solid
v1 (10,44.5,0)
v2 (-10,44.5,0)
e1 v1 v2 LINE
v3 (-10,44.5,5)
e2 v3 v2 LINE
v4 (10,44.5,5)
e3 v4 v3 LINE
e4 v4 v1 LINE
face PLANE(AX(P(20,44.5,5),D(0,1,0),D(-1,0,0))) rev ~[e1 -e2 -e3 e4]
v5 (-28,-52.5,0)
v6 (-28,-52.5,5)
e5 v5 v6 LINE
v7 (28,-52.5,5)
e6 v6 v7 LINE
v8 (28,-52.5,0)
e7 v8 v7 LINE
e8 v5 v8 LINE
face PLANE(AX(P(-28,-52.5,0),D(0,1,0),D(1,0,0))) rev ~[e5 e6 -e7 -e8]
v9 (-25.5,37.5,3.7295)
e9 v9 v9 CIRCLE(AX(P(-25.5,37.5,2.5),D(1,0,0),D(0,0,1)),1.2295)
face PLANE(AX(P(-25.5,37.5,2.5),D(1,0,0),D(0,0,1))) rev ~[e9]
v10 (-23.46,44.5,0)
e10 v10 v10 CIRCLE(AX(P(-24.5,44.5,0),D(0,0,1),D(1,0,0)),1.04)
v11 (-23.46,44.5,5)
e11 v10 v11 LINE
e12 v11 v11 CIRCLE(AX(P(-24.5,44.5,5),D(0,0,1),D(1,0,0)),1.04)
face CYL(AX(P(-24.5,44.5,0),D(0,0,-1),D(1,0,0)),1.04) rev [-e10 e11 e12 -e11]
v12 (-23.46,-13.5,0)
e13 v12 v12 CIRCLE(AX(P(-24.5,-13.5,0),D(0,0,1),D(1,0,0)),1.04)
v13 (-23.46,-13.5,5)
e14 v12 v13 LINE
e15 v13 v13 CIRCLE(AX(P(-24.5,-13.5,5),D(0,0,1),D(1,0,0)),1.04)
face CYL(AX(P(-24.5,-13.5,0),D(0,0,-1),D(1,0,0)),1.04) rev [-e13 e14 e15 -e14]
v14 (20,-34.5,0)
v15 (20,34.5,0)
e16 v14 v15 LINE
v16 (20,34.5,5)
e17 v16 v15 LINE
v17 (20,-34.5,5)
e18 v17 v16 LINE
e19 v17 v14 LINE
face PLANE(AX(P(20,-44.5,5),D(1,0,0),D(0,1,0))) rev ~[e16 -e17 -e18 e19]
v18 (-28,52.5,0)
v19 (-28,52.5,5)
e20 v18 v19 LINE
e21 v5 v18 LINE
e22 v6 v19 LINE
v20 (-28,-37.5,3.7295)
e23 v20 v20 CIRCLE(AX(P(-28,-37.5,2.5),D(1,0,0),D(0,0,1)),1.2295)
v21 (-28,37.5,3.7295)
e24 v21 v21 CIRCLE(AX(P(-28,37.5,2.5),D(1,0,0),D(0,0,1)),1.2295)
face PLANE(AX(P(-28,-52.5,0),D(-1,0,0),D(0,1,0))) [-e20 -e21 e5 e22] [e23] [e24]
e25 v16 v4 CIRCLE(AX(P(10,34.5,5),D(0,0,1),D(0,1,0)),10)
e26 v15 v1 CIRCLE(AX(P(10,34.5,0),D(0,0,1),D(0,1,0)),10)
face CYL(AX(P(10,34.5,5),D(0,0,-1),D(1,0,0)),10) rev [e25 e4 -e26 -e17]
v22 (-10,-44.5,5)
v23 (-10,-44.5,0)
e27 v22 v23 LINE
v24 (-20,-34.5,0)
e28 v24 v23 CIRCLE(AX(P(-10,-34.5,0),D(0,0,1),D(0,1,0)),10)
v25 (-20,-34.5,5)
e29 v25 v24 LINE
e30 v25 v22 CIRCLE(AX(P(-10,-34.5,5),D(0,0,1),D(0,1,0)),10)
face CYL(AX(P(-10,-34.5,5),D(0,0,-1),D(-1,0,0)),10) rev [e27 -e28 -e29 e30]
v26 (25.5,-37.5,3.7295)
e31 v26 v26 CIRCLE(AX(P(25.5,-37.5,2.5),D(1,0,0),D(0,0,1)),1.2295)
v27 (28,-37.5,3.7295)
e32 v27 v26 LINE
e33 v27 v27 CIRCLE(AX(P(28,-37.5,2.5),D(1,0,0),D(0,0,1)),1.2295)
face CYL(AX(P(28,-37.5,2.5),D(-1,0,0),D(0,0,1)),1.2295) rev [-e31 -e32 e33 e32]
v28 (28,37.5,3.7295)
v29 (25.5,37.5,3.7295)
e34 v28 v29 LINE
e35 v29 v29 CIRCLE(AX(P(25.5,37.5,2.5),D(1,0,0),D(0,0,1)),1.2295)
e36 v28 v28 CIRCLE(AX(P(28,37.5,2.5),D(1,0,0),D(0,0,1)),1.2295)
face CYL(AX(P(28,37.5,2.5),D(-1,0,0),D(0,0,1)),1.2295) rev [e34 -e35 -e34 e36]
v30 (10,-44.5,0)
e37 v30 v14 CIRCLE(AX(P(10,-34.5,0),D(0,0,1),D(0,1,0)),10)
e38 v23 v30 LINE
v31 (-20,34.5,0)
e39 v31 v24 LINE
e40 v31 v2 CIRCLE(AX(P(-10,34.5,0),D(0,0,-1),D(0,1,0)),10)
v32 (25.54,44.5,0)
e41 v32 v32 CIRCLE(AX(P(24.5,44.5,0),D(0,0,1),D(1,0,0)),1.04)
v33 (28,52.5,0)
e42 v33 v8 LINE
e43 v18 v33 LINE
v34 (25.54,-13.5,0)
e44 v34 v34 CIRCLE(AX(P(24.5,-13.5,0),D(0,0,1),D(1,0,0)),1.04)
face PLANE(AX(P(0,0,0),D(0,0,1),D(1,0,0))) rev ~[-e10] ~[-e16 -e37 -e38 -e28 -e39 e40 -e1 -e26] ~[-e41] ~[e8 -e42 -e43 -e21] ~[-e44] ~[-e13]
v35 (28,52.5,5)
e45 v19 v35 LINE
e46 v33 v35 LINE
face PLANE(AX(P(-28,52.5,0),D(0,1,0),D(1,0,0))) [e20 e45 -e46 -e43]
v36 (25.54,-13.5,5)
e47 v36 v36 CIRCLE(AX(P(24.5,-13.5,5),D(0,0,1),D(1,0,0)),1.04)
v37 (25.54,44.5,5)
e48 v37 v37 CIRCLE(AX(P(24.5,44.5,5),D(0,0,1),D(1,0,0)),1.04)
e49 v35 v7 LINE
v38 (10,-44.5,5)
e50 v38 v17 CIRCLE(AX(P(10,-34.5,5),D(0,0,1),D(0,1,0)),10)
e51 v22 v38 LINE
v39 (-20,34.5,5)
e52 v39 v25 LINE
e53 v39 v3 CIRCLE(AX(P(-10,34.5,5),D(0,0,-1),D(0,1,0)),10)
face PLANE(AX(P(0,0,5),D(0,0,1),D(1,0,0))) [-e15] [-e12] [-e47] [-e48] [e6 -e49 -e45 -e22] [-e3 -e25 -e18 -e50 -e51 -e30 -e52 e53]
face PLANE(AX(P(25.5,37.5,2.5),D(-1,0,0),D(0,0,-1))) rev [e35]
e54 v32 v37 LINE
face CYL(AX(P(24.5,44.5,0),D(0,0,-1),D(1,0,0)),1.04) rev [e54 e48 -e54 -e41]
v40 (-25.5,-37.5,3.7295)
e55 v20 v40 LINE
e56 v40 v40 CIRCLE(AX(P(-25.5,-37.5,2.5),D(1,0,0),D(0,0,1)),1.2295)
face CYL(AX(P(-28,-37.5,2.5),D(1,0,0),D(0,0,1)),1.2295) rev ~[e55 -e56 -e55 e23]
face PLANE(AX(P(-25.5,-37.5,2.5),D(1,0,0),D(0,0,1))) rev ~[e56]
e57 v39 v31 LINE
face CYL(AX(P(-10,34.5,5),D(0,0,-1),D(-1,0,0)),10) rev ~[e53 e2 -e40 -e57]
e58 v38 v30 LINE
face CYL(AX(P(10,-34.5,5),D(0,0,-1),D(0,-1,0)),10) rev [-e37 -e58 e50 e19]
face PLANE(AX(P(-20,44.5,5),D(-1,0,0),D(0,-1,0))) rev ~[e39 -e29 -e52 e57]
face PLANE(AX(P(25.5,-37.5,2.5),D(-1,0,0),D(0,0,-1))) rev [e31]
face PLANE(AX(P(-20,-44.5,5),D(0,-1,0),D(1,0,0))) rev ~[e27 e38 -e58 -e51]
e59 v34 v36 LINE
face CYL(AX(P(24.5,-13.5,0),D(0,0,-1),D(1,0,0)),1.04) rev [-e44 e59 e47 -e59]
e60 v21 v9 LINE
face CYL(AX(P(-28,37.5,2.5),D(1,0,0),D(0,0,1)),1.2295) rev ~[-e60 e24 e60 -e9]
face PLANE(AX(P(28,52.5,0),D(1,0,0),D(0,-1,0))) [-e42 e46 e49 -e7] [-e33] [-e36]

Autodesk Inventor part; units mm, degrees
ref_plane "YZ Plane" through (0, 0, 0) normal (1, 0, 0) x (0, 1, 0)
ref_plane "XZ Plane" through (0, 0, 0) normal (0, 1, 0) x (-1, 0, 0)
ref_plane "XY Plane" through (0, 0, 0) normal (0, 0, 1) x (1, 0, 0)
sketch "スケッチ1" plane through (0, 0, 0) normal (0, 0, 1) x (1, 0, 0)
  line L0 (-28, -52.5) -> (28, -52.5) construction
  line L1 (28, -52.5) -> (28, 52.5) construction
  line L2 (28, 52.5) -> (-28, 52.5) construction
  line L3 (-28, 52.5) -> (-28, -52.5) construction
  line L4 (-28, -52.5) -> (28, 52.5) construction
  line L5 (28, -52.5) -> (-28, 52.5) construction
  line L6 (-28, -52.5) -> (-28, 52.5)
  line L7 (-28, 52.5) -> (28, 52.5)
  line L8 (28, 52.5) -> (28, -52.5)
  line L9 (-28, -52.5) -> (28, -52.5)
  line L10 (0, 0) -> (0, 52.5) construction
  line L11 (0, 0) -> (28, 0) construction
  line L12 (-24.5, 44.5) -> (24.5, 44.5) construction
  line L13 (24.5, 44.5) -> (24.5, -13.5) construction
  line L14 (24.5, -13.5) -> (-24.5, -13.5) construction
  line L15 (-24.5, -13.5) -> (-24.5, 44.5) construction
  line L16 (-24.5, 44.5) -> (24.5, -13.5) construction
  line L17 (24.5, 44.5) -> (-24.5, -13.5) construction
  circle A0 centre (-24.5, 44.5) radius 1.04
  circle A1 centre (-24.5, -13.5) radius 1.04
  circle A2 centre (24.5, -13.5) radius 1.04
  circle A3 centre (24.5, 44.5) radius 1.04
  point P0 (0, 15.5)
  point P1 (0, 15.5)
  point P2 (0, 0)
  dimension "d9" = 56
  dimension "d12" = 105
  dimension "d52" = 2.08
  dimension "d53" = 49
  dimension "d54" = 58
  dimension "d55" = 8
extrude "押し出し1" add sketch "スケッチ1" along normal blind 5
sketch "スケッチ3" plane through (0, 0, 5) normal (0, 0, 1) x (1, 0, 0)
  line L0 (28, 52.5) -> (-28, 52.5) projected
  line L1 (-28, 52.5) -> (-28, -52.5) projected
  line L2 (-20, -44.5) -> (20, -44.5)
  line L3 (20, -44.5) -> (20, 44.5)
  line L4 (20, 44.5) -> (-20, 44.5)
  line L5 (-20, 44.5) -> (-20, -44.5)
  line L6 (-20, -44.5) -> (20, 44.5) construction
  line L7 (20, -44.5) -> (-20, 44.5) construction
  point P0 (-28, 42.1)
  point P1 (0, 0)
  dimension "d47" = 8
  dimension "d48" = 8
extrude "押し出し3" cut sketch "スケッチ3" against normal blind 10
fillet "フィレット1" radius 10 4 edges at (-20, 44.5, 2.5) (20, 44.5, 2.5) (20, -44.5, 2.5) (-20, -44.5, 2.5)
sketch "スケッチ4" plane through (-28, -52.5, 0) normal (-1, 0, 0) x (0, 0, 1)
  line L0 (0, 0) -> (5, 0) projected
  line L1 (0, 105) -> (5, 105) projected
  point P0 (0, 52.5)
  point P1 (2.5, 90)
  point P2 (2.5, 15)
  point P3 (2.5, 105)
  dimension "d73" = 15
  dimension "d74" = 15
hole "穴1" at (-28, 37.5, 2.5) at (-28, -37.5, 2.5) direction (1, 0, 0) diameter 2.459 depth 2.5 thread size "M3x0.5" class "6H" standard "ISO Metric profile"
mirror "ミラー1" about plane through (0, 0, 0) normal (1, 0, 0) of "穴1"
equation "\"d12\" = d19"
equation "\"d55\" = d69"
equation "\"d47\" = d48"
equation "\"d73\" = d21"
equation "\"d74\" = d22"
equation "\"d19\" = 105"
equation "\"d69\" = 8"
equation "\"d21\" = 15"
equation "\"d22\" = 15"
properties part number "コックピット_2_サブフレーム_1" material "アセタール樹脂、黒"
